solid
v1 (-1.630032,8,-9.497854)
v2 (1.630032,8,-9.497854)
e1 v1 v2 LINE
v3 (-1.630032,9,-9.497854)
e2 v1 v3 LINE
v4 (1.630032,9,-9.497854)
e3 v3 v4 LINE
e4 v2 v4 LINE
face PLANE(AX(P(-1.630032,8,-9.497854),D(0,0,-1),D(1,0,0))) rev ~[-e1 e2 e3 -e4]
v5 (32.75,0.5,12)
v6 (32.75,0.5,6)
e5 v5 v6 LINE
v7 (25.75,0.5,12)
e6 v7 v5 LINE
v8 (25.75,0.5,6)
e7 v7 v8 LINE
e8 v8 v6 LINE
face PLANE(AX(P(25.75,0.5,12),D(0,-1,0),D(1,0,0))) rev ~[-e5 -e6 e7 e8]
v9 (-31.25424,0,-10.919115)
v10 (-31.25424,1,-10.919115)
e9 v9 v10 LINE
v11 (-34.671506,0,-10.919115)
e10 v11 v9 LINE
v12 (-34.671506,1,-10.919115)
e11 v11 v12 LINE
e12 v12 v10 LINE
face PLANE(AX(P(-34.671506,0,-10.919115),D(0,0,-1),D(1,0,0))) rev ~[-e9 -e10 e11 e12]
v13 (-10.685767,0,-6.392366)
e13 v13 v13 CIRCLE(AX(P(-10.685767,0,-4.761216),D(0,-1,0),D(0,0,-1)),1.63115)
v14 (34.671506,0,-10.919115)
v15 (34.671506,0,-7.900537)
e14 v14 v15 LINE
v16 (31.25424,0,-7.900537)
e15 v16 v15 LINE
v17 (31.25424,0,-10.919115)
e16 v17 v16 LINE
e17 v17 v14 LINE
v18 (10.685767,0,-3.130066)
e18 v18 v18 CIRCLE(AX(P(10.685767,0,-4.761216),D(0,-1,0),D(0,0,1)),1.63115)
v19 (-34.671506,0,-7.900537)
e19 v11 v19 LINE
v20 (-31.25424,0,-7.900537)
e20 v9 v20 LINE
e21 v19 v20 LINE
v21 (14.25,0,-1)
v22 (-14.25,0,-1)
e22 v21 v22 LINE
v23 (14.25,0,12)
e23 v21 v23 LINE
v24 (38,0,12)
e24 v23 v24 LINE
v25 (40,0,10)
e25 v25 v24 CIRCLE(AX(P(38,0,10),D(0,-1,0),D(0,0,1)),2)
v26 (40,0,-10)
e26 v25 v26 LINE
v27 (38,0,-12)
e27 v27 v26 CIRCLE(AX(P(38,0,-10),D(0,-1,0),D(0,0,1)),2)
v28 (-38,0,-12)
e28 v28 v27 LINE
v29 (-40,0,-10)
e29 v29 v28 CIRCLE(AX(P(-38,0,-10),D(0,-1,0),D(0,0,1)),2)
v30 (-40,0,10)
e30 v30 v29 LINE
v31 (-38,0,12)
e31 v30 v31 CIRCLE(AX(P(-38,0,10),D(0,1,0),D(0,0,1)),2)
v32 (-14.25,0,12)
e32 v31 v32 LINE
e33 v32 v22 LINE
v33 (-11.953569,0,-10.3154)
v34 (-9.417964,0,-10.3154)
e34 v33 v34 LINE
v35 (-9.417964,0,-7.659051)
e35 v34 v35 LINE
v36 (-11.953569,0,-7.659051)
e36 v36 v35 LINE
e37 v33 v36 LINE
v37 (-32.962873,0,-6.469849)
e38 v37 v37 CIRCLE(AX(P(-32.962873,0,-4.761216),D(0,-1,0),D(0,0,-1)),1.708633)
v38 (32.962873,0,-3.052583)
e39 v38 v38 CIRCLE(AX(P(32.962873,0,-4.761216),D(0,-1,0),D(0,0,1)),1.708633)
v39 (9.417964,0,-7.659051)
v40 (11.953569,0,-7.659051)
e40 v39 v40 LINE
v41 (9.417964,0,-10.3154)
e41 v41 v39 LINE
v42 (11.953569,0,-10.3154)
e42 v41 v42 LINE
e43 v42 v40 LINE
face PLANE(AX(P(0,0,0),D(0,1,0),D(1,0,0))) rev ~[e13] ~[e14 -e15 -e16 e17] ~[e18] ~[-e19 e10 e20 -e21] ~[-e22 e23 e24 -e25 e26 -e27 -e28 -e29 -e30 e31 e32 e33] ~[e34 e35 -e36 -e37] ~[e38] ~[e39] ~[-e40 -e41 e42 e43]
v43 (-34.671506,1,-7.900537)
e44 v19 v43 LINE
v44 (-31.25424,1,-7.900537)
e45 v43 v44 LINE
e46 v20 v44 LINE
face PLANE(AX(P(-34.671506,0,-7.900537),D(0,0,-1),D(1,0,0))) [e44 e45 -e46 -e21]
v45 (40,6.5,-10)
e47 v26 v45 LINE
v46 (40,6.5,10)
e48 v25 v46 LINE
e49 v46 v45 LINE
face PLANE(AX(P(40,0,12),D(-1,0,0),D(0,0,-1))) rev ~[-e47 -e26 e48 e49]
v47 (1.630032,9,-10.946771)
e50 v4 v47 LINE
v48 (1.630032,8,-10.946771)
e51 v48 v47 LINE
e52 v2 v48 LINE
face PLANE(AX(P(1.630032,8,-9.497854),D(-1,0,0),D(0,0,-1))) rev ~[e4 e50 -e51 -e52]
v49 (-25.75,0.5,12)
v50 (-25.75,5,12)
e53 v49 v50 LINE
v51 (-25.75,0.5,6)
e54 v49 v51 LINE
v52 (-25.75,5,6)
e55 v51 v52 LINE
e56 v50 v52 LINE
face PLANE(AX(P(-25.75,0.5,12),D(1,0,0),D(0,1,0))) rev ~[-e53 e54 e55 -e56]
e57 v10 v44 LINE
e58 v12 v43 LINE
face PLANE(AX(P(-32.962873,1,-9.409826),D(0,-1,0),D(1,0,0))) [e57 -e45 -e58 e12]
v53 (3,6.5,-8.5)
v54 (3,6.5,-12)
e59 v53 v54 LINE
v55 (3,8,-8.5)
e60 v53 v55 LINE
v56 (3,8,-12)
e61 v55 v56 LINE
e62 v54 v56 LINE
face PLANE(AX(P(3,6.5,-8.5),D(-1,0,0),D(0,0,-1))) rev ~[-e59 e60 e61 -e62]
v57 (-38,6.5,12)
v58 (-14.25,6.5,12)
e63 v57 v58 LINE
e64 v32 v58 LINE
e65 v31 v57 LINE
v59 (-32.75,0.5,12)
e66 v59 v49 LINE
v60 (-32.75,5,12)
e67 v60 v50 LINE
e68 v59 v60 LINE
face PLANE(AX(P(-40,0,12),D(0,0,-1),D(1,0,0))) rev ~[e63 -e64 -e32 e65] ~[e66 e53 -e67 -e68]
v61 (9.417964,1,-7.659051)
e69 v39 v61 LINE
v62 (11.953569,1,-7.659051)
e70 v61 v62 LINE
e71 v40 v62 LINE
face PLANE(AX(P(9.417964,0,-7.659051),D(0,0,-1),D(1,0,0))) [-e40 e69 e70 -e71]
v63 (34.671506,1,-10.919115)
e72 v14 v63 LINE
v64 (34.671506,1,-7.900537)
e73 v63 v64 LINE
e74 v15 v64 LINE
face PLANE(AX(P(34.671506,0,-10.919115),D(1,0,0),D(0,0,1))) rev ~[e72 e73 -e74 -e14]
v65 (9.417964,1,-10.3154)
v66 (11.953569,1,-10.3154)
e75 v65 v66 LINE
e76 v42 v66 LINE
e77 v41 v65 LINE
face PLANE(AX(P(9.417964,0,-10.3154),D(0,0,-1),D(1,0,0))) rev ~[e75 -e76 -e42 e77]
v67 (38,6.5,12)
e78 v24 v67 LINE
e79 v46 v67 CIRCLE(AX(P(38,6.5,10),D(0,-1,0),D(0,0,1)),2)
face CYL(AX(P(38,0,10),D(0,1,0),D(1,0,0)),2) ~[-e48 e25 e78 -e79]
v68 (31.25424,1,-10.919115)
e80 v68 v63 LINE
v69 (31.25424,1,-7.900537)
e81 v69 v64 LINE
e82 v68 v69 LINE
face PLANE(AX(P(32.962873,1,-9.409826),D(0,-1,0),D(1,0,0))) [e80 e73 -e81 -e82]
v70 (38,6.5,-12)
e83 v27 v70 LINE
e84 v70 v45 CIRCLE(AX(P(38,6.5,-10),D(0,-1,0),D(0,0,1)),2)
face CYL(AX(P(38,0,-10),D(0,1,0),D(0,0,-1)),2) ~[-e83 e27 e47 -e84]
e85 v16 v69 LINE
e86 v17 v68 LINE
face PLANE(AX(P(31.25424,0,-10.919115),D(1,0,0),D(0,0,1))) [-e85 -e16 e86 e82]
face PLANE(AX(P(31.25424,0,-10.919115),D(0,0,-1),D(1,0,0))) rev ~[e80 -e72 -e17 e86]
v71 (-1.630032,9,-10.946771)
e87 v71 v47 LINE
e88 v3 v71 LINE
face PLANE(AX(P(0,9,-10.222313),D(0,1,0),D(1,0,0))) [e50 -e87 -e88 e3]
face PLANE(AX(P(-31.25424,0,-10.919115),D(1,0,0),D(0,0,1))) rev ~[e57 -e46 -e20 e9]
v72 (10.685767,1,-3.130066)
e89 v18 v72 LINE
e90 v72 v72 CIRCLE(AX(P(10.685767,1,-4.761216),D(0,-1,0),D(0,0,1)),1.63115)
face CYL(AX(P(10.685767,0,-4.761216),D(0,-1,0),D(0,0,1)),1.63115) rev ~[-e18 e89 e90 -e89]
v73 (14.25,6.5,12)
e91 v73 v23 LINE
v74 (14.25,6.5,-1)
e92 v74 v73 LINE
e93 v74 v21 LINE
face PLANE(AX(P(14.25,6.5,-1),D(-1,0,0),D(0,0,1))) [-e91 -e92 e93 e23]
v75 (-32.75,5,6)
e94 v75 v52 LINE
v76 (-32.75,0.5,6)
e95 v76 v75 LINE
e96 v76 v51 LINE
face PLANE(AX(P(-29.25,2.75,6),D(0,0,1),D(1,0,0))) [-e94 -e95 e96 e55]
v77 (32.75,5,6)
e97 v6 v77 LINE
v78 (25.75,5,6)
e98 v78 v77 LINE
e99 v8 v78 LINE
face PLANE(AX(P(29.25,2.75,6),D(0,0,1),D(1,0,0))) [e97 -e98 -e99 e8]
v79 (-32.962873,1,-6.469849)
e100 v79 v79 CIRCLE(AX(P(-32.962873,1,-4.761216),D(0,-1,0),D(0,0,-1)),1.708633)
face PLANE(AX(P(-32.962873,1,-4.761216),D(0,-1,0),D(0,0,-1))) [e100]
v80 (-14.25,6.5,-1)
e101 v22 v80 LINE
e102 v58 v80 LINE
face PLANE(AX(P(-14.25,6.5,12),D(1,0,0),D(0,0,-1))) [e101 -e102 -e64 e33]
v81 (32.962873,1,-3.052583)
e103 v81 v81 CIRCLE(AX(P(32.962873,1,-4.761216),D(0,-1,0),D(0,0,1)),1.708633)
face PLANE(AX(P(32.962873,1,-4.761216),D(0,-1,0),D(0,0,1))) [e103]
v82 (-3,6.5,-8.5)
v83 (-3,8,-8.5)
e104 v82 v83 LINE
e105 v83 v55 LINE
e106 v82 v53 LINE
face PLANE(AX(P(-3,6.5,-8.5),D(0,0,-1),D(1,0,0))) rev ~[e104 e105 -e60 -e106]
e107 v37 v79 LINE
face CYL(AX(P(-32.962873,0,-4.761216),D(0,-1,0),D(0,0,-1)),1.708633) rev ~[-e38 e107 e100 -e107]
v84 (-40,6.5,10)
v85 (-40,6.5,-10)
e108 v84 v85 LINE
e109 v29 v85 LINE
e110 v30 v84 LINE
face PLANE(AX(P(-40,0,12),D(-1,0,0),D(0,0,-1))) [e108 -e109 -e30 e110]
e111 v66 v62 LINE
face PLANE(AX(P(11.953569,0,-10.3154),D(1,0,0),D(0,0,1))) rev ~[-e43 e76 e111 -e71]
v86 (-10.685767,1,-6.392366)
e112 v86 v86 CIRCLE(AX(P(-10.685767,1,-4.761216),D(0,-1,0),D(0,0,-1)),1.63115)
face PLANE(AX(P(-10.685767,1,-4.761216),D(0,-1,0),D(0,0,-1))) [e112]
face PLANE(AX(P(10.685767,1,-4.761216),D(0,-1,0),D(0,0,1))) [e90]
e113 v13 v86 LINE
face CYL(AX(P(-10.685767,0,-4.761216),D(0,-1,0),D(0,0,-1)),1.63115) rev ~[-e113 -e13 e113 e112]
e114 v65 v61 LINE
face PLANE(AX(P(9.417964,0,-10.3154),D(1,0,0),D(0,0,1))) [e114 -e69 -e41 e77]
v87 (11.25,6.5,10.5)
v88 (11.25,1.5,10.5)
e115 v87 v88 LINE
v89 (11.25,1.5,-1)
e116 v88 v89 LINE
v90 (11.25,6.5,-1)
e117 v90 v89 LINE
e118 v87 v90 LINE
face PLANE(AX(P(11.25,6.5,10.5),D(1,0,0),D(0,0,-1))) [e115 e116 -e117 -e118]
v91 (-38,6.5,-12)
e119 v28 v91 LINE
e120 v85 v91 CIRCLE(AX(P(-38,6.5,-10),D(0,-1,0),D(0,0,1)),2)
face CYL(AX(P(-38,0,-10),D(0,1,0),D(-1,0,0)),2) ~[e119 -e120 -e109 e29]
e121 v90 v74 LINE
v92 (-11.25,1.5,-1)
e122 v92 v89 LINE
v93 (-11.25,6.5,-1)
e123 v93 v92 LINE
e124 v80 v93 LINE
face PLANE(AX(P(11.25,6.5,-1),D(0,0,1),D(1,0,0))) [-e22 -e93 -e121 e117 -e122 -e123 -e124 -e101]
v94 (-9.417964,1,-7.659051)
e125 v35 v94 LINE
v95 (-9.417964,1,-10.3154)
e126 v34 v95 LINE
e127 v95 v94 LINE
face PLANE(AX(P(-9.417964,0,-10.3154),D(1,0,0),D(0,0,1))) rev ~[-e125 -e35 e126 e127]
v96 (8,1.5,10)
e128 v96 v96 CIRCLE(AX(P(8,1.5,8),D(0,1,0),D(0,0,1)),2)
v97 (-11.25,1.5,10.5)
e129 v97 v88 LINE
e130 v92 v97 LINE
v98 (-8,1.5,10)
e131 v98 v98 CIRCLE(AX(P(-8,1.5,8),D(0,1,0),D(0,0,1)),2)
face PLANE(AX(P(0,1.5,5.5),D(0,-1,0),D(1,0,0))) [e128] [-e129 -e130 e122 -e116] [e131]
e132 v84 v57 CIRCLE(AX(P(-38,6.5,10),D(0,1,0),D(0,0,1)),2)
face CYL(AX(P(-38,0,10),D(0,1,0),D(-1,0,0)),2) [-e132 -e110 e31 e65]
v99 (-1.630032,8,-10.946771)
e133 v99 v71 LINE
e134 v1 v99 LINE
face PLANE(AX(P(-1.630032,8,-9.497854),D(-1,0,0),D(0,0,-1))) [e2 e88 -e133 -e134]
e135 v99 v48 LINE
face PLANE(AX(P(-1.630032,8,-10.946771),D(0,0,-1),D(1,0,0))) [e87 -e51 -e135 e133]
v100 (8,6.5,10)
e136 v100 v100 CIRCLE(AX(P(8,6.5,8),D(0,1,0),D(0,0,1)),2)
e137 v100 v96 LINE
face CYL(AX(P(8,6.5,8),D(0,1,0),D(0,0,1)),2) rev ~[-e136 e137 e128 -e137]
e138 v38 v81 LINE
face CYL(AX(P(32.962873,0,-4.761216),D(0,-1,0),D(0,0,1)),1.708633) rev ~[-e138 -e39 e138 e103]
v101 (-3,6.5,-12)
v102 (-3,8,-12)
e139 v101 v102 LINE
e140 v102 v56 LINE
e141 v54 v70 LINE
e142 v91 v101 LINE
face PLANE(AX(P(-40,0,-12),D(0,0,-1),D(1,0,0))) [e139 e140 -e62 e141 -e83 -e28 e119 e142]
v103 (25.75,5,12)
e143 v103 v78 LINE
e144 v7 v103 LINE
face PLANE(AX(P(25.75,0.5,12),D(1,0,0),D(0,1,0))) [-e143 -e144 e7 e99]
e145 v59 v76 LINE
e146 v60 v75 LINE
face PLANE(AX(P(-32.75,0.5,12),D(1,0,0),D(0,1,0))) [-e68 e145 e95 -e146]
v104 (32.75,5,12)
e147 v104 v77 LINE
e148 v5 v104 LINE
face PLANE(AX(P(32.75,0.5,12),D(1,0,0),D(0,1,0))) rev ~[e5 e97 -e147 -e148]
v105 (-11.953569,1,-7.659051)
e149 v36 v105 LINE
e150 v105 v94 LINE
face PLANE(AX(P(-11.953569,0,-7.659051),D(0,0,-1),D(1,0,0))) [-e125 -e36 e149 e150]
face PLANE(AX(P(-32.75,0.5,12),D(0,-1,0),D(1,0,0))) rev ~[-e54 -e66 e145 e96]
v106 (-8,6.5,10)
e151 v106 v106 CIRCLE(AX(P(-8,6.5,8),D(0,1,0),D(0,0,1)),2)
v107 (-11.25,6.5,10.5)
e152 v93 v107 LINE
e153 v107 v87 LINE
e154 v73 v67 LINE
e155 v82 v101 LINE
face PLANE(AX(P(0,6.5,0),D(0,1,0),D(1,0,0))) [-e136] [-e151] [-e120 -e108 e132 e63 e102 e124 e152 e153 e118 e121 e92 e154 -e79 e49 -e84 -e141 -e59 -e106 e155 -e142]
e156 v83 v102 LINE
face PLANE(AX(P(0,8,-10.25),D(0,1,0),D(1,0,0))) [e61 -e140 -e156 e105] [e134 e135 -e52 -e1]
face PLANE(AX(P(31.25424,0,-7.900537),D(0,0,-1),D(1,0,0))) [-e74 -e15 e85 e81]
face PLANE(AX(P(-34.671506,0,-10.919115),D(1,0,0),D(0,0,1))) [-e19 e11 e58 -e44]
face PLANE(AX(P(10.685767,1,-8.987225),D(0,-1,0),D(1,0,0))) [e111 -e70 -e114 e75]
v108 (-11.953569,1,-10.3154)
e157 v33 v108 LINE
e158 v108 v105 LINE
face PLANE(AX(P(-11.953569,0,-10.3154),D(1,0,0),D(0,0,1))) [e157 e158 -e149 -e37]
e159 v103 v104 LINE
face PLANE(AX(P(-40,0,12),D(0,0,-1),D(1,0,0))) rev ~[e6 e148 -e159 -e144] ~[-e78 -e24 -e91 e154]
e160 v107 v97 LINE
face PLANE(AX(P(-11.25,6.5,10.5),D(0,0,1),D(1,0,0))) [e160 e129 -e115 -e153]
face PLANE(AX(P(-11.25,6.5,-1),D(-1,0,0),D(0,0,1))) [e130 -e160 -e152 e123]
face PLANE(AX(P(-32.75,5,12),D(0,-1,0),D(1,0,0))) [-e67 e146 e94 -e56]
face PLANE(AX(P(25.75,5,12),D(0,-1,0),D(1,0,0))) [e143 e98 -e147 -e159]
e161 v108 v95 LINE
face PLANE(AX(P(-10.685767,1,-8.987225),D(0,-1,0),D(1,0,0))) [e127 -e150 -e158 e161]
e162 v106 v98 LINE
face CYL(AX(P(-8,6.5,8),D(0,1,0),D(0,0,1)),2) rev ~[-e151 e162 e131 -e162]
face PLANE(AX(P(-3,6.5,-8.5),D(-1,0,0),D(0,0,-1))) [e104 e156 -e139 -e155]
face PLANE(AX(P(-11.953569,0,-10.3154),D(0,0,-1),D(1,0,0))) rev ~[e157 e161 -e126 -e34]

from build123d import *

# Parameters (mm, degrees)
SKETCH_1_W          = 80
SKETCH_1_H          = 24
EXTRUDE_1_DEPTH     = 6.5
SKETCH_2_W          = 6
SKETCH_2_H          = 3.5
EXTRUDE_2_DEPTH     = 1.5
SKETCH_3_W          = 3.260064366
SKETCH_3_H          = 1.448917496
EXTRUDE_3_DEPTH     = 1
SKETCH_4_R          = 2
CUT_EXTRUDE_1_DEPTH = 43.264050918
SKETCH_5_W          = 7
SKETCH_5_H          = 4.5
CUT_EXTRUDE_2_DEPTH = 6
SKETCH_6_W          = 28.5
SKETCH_6_H          = 13
CUT_EXTRUDE_3_DEPTH = 1.5
SKETCH_7_R          = 1.70863254
SKETCH_7_R_2        = 1.631149792
SKETCH_7_W          = 3.41726508
SKETCH_7_H          = 3.018578117
SKETCH_7_W_2        = 2.535605619
SKETCH_7_H_2        = 2.656348743
CUT_EXTRUDE_4_DEPTH = 1
FILLET_1_R          = 2


with BuildPart() as part:
    # 草图1 → 凸台-拉伸1 (new body)
    with BuildSketch(Plane(origin=(0, 0, 0), x_dir=(1, 0, 0), z_dir=(0, 1, 0))):
        Rectangle(SKETCH_1_W, SKETCH_1_H)
    extrude(amount=EXTRUDE_1_DEPTH)

    # 草图2 → 凸台-拉伸2 (add)
    with BuildSketch(Plane(origin=(0, 6.5, 0), x_dir=(1, 0, 0), z_dir=(0, 1, 0))):
        with Locations((0, 10.25)):
            Rectangle(SKETCH_2_W, SKETCH_2_H)
    extrude(amount=EXTRUDE_2_DEPTH)

    # 草图3 → 凸台-拉伸3 (add)
    with BuildSketch(Plane(origin=(0, 8, 0), x_dir=(1, 0, 0), z_dir=(0, 1, 0))):
        with Locations((0, 10.22231269)):
            Rectangle(SKETCH_3_W, SKETCH_3_H)
    extrude(amount=EXTRUDE_3_DEPTH)

    # 草图4 → 切除-拉伸1 (cut, through all)
    with BuildSketch(Plane(origin=(0, 6.5, 0), x_dir=(1, 0, 0), z_dir=(0, 1, 0))):
        with Locations(Location((-8, -8, 0), (0, 0, 270))):
            Circle(SKETCH_4_R)
        with Locations(Location((8, -8, 0), (0, 0, 270))):
            Circle(SKETCH_4_R)
        Polygon((-14.25, -12), (-14.25, 1), (-11.25, 1), (-11.25, -10.5), (11.25, -10.5), (11.25, 1), (14.25, 1), (14.25, -12), (11.25, -12), (-11.25, -12), align=None)
    extrude(amount=-CUT_EXTRUDE_1_DEPTH, mode=Mode.SUBTRACT)

    # 草图5 → 切除-拉伸2 (cut)
    with BuildSketch(Plane.XY.offset(12)):
        with Locations((-29.25, 2.75)):
            Rectangle(SKETCH_5_W, SKETCH_5_H)
        with Locations((29.25, 2.75)):
            Rectangle(SKETCH_5_W, SKETCH_5_H)
    extrude(amount=-CUT_EXTRUDE_2_DEPTH, mode=Mode.SUBTRACT)

    # 草图6 → 切除-拉伸3 (cut)
    with BuildSketch(Plane.XZ):
        with Locations((0, 5.5)):
            Rectangle(SKETCH_6_W, SKETCH_6_H)
    extrude(amount=-CUT_EXTRUDE_3_DEPTH, mode=Mode.SUBTRACT)

    # 草图7 → 切除-拉伸4 (cut)
    with BuildSketch(Plane.XZ):
        with Locations(Location((-32.962873036, -4.761215966, 0), (0, 0, 270))):
            Circle(SKETCH_7_R)
        with Locations(Location((-10.685766534, -4.761215966, 0), (0, 0, 270))):
            Circle(SKETCH_7_R_2)
        with Locations(Location((10.685766534, -4.761215966, 0), (0, 0, 90))):
            Circle(SKETCH_7_R_2)
        with Locations(Location((32.962873036, -4.761215966, 0), (0, 0, 90))):
            Circle(SKETCH_7_R)
        with Locations((-32.962873036, -9.409826265)):
            Rectangle(SKETCH_7_W, SKETCH_7_H)
        with Locations((-10.685766534, -8.98722533)):
            Rectangle(SKETCH_7_W_2, SKETCH_7_H_2)
        with Locations((10.685766534, -8.98722533)):
            Rectangle(SKETCH_7_W_2, SKETCH_7_H_2)
        with Locations((32.962873036, -9.409826265)):
            Rectangle(SKETCH_7_W, SKETCH_7_H)
    extrude(amount=-CUT_EXTRUDE_4_DEPTH, mode=Mode.SUBTRACT)

    # 圆角1
    fillet_1_edges = [part.edges().sort_by_distance(p)[0] for p in [
        (40, 3.25, 12),
        (-40, 3.25, 12),
        (-40, 3.25, -12),
        (40, 3.25, -12),
    ]]
    fillet(fillet_1_edges, radius=FILLET_1_R)


solid = part.part
